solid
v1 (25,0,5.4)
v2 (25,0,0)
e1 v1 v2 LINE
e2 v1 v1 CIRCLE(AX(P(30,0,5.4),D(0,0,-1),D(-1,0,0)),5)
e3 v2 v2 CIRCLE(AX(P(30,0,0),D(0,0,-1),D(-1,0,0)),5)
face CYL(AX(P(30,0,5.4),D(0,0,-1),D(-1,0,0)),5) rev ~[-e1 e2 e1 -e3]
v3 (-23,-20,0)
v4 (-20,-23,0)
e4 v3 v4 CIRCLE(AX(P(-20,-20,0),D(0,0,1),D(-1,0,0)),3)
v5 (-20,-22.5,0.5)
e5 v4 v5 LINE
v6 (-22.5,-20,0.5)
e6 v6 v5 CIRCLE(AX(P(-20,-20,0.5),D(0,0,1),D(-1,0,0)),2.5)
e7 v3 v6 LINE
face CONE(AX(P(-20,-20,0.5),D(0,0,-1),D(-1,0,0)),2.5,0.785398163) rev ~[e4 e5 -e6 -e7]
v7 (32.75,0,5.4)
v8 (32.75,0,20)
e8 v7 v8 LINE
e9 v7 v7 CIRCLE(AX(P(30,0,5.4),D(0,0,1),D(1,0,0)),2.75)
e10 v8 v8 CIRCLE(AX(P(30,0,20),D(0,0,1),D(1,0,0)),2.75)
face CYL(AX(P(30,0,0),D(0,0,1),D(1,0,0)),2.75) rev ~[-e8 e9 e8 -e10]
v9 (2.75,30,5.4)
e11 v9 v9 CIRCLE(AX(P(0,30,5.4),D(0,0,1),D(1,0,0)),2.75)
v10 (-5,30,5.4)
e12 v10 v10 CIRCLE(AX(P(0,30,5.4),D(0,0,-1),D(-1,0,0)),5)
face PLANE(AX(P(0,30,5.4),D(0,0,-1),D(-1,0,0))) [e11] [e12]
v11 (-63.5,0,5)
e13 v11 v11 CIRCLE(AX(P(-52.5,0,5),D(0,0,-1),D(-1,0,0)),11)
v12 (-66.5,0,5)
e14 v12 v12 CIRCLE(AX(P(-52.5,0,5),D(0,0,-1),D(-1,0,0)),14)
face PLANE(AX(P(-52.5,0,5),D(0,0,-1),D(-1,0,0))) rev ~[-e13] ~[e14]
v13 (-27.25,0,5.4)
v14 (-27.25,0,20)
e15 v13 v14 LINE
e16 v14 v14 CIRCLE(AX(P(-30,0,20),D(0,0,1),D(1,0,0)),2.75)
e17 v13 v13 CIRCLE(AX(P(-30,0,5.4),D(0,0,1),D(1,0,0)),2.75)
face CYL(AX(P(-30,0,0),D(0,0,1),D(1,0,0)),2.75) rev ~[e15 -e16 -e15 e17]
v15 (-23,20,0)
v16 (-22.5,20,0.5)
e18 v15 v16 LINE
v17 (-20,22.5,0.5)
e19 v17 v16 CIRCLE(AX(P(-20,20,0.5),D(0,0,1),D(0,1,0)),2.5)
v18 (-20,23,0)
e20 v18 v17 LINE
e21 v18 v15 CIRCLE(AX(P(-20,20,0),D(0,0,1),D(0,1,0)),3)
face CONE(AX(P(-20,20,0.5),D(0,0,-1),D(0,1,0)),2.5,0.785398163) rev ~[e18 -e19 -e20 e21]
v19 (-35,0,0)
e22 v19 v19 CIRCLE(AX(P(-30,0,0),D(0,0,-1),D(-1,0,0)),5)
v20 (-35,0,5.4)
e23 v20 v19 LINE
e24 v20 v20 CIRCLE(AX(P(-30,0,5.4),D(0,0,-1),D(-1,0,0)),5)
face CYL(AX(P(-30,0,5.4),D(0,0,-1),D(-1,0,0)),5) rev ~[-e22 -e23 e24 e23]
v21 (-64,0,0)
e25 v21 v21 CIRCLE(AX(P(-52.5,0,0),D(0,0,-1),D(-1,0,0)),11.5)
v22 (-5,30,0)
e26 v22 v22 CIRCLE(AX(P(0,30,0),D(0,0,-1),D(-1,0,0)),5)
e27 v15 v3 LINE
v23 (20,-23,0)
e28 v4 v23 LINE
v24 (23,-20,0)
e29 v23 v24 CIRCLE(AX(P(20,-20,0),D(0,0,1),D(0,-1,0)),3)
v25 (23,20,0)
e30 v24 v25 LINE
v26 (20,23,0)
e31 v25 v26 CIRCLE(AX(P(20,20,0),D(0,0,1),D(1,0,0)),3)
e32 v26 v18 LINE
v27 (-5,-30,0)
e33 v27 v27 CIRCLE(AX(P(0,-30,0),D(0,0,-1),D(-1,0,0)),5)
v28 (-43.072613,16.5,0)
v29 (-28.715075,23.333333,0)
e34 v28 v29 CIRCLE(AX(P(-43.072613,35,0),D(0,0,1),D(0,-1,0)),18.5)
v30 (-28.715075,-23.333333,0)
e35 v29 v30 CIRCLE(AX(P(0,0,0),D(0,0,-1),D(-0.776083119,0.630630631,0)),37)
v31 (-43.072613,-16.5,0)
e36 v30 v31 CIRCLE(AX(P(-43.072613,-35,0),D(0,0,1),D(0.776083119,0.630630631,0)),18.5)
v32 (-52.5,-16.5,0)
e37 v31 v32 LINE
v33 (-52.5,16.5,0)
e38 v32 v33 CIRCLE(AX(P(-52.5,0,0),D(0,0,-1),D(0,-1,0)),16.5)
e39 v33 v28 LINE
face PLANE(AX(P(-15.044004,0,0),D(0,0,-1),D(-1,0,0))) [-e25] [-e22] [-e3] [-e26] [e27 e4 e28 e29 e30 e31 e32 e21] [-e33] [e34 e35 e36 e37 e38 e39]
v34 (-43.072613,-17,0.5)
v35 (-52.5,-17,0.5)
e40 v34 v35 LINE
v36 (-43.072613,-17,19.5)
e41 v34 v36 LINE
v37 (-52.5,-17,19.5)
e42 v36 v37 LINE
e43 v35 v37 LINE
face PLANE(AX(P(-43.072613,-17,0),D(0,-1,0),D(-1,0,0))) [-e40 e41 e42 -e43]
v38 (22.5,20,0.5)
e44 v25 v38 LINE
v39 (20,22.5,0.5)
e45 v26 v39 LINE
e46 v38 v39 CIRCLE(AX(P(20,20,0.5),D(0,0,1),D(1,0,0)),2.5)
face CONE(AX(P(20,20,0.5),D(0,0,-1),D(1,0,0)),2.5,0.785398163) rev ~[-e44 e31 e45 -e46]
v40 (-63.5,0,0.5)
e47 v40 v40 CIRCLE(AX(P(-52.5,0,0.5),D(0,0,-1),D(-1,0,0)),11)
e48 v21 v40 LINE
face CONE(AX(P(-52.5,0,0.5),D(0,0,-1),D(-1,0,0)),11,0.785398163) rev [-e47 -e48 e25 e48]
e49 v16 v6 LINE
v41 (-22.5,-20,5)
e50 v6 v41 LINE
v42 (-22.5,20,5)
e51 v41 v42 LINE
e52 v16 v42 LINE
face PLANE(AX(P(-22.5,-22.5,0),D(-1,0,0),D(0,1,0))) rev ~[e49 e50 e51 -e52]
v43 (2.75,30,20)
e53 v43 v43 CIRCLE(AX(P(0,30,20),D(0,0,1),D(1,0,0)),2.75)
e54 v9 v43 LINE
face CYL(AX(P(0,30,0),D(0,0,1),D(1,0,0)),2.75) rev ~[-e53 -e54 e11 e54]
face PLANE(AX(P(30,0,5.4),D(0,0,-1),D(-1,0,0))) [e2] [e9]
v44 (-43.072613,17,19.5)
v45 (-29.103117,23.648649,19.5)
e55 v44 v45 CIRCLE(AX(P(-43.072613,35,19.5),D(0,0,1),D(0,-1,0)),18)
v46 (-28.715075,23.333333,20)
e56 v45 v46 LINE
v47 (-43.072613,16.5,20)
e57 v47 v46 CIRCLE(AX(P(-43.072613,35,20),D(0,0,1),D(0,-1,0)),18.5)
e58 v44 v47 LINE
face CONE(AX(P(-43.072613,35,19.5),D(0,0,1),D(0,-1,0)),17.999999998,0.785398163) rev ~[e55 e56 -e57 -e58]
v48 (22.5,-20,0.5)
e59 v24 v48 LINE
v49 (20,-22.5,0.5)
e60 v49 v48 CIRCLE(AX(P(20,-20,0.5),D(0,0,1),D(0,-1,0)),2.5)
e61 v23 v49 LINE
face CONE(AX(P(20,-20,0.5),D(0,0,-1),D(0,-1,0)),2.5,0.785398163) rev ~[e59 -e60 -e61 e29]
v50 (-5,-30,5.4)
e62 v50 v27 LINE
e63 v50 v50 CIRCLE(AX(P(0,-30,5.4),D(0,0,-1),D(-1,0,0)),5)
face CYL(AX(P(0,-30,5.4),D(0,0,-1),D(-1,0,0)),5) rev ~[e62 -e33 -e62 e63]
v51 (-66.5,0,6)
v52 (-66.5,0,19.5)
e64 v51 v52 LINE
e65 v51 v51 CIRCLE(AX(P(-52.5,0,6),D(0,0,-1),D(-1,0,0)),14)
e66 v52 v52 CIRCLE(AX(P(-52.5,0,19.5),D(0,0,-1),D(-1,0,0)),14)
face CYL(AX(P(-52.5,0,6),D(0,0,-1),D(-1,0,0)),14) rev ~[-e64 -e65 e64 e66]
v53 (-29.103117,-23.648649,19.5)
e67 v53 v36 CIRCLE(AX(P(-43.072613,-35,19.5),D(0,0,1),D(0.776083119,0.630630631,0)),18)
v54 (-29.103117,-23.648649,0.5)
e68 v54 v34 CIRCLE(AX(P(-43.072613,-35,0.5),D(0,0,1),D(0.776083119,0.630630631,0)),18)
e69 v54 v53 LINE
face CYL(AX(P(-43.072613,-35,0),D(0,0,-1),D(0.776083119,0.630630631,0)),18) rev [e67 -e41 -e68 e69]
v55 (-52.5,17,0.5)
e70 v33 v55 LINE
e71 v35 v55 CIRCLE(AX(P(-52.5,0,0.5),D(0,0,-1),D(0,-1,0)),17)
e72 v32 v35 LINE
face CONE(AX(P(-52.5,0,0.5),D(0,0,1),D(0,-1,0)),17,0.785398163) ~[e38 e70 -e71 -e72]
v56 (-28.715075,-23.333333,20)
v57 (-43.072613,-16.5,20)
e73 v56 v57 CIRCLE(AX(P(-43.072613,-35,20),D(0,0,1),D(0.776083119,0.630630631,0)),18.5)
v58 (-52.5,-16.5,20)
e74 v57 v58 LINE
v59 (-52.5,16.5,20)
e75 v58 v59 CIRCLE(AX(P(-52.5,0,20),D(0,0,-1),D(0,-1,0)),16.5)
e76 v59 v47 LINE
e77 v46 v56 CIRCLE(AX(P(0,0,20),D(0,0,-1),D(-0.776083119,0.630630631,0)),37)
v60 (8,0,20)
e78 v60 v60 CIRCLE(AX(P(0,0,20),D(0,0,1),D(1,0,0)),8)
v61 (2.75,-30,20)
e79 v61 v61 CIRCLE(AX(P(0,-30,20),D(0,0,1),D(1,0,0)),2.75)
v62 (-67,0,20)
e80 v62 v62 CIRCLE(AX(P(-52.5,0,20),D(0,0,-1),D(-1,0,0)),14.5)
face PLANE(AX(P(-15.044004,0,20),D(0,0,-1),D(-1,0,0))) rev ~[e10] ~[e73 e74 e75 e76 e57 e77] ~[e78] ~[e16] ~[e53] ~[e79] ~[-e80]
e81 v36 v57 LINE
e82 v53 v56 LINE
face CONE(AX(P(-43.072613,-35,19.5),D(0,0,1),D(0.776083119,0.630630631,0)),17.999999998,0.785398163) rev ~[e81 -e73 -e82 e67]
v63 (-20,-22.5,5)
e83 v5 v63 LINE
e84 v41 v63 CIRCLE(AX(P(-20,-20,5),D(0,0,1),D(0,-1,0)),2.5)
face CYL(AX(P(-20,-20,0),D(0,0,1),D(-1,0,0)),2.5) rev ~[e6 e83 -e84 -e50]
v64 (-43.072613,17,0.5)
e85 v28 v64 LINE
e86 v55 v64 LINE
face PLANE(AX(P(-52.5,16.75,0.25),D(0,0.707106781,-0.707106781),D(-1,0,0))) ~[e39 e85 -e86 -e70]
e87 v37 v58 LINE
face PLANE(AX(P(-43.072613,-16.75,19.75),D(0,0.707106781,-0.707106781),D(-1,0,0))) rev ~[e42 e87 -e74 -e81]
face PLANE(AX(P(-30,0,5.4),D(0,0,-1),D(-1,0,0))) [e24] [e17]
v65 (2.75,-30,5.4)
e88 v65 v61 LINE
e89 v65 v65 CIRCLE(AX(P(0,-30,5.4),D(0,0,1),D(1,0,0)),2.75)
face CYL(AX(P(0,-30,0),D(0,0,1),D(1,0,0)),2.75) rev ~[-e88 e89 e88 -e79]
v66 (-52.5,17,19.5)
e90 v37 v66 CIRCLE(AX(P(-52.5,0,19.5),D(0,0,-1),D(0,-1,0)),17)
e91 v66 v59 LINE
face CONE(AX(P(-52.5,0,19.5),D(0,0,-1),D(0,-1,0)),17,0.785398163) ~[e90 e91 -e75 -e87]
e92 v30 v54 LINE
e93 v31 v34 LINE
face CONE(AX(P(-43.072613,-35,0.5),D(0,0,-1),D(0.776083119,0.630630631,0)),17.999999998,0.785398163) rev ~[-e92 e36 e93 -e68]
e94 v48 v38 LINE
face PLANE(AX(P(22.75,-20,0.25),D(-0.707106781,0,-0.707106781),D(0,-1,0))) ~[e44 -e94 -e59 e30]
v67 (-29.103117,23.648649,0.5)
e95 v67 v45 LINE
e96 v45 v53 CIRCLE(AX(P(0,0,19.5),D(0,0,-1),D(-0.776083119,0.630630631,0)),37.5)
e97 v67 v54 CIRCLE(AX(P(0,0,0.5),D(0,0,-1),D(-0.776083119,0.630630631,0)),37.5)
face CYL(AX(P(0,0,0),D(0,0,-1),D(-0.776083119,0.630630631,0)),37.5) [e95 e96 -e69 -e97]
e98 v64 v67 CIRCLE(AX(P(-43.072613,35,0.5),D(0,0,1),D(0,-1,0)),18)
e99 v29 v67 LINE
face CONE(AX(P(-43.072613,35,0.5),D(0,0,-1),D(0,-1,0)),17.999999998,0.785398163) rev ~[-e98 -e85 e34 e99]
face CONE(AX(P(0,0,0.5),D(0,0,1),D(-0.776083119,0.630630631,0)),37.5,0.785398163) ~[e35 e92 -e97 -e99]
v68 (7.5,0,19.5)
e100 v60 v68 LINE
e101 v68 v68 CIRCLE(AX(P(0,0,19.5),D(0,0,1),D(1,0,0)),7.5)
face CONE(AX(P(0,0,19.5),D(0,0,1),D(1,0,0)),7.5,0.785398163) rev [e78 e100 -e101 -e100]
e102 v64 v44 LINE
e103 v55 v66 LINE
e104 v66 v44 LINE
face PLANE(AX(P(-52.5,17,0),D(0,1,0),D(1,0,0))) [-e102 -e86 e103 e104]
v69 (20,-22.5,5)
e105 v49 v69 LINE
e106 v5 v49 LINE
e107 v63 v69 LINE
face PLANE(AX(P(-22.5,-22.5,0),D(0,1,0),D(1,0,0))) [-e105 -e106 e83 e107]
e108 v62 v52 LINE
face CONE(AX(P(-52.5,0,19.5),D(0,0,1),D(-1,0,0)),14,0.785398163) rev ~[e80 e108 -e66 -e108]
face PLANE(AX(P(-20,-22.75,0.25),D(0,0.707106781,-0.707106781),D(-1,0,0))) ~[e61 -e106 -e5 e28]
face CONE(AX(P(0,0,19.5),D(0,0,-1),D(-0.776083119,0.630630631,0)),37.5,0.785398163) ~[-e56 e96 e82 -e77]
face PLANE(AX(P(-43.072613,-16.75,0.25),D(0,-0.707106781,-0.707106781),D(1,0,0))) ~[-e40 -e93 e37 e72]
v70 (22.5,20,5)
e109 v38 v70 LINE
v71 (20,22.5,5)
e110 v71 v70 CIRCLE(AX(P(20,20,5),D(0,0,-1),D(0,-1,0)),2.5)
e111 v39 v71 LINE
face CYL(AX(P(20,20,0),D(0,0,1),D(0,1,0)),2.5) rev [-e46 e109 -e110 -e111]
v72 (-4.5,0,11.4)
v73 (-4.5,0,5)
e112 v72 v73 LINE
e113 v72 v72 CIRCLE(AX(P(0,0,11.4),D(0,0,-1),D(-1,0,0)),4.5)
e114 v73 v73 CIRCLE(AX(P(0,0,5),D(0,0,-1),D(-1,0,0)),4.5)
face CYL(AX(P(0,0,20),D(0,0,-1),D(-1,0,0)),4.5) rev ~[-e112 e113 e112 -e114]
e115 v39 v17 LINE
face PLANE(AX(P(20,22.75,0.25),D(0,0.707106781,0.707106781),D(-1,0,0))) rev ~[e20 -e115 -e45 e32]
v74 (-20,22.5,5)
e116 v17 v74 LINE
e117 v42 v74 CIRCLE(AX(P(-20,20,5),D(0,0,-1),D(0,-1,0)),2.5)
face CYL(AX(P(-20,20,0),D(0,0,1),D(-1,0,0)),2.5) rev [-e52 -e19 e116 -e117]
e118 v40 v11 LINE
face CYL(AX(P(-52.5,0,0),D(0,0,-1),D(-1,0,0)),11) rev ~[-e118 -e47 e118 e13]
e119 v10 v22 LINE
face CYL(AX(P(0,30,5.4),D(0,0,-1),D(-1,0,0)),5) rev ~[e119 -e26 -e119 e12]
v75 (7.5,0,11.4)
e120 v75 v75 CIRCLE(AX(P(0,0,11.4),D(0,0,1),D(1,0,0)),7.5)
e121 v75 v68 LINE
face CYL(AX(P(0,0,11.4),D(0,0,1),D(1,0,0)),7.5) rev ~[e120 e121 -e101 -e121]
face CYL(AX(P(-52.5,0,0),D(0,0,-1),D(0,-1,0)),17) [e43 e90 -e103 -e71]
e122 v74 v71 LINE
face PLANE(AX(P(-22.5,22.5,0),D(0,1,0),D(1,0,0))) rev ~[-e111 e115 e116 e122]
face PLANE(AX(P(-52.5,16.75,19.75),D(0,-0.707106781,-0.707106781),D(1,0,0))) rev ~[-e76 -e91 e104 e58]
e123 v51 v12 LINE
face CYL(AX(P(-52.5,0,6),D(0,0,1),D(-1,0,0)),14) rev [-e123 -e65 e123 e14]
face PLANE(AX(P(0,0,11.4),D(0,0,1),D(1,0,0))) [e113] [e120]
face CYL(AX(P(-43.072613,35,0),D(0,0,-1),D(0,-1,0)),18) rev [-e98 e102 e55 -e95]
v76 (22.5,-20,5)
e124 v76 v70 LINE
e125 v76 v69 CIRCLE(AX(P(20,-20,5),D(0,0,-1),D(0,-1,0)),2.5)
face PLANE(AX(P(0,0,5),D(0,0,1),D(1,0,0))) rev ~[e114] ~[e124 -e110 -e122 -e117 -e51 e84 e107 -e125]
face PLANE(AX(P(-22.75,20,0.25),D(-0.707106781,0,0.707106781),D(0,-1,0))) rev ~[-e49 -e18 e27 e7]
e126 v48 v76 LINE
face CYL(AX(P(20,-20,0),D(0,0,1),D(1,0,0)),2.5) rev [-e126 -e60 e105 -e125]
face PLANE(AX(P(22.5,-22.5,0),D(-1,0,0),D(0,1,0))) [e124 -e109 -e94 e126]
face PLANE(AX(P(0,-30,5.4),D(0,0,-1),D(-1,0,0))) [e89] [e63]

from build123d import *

# Parameters (mm, degrees)
BOSS_EXTRUDE1_DEPTH                                 = 20
SKETCH1_3_W                                         = 45
SKETCH1_3_H                                         = 45
CUT_EXTRUDE2_DEPTH                                  = 5
CBORE_FOR_M8_HEX_SOCKET_HEAD_CAP_SCREW1_D           = 9
CBORE_FOR_M8_HEX_SOCKET_HEAD_CAP_SCREW1_DEPTH       = 23
CBORE_FOR_M8_HEX_SOCKET_HEAD_CAP_SCREW1_CBORE_D     = 15
CBORE_FOR_M8_HEX_SOCKET_HEAD_CAP_SCREW1_CBORE_DEPTH = 8.6
CBORE_FOR_M8_HEX_SOCKET_HEAD_CAP_SCREW1_TIP         = 2.703872786
FILLET2_R                                           = 2.5
SKETCH4_R                                           = 11
CUT_EXTRUDE3_DEPTH                                  = 6
SKETCH5_R                                           = 14
CUT_EXTRUDE4_DEPTH                                  = 1
CUT_EXTRUDE4_DEPTH_BACK                             = 15
CHAMFER1_SIZE                                       = 0.5
CBORE_FOR_M5_HEX_SOCKET_HEAD_CAP_SCREW1_D           = 5.5
CBORE_FOR_M5_HEX_SOCKET_HEAD_CAP_SCREW1_CBORE_D     = 10
CBORE_FOR_M5_HEX_SOCKET_HEAD_CAP_SCREW1_CBORE_DEPTH = 5.4


with BuildPart() as part:
    # Sketch1 → Boss-Extrude1 (new body)
    with BuildSketch(Plane.XY):
        with BuildLine():
            Line((-52.5, 17), (-43.072613109, 17))
            ThreePointArc((-43.072613109, 17), (-35.337121021, 18.746933761), (-29.103116965, 23.648648649))
            ThreePointArc((-29.103116965, 23.648648649), (37.5, 0), (-29.103116965, -23.648648649))
            ThreePointArc((-29.103116965, -23.648648649), (-35.337121021, -18.746933761), (-43.072613109, -17))
            Line((-43.072613109, -17), (-52.5, -17))
            ThreePointArc((-52.5, -17), (-69.5, 0), (-52.5, 17))
        make_face()
    extrude(amount=BOSS_EXTRUDE1_DEPTH)

    # Sketch1<3> → Cut-Extrude2 (cut)
    with BuildSketch(Plane.XY):
        Rectangle(SKETCH1_3_W, SKETCH1_3_H)
    extrude(amount=CUT_EXTRUDE2_DEPTH, mode=Mode.SUBTRACT)

    # CBORE for M8 Hex Socket Head Cap Screw1
    with Locations(Plane.XY.offset(20)):
        with Locations((0, 0)):
            CounterBoreHole(CBORE_FOR_M8_HEX_SOCKET_HEAD_CAP_SCREW1_D / 2, CBORE_FOR_M8_HEX_SOCKET_HEAD_CAP_SCREW1_CBORE_D / 2, CBORE_FOR_M8_HEX_SOCKET_HEAD_CAP_SCREW1_CBORE_DEPTH, depth=CBORE_FOR_M8_HEX_SOCKET_HEAD_CAP_SCREW1_DEPTH)
            with Locations((0, 0, -(CBORE_FOR_M8_HEX_SOCKET_HEAD_CAP_SCREW1_DEPTH + CBORE_FOR_M8_HEX_SOCKET_HEAD_CAP_SCREW1_TIP / 2))):  # 118° drill point
                Cone(0, CBORE_FOR_M8_HEX_SOCKET_HEAD_CAP_SCREW1_D / 2, CBORE_FOR_M8_HEX_SOCKET_HEAD_CAP_SCREW1_TIP, mode=Mode.SUBTRACT)

    # Fillet2
    fillet2_edges = [part.edges().sort_by_distance(p)[0] for p in [
        (-22.5, 22.5, 2.5),
        (22.5, 22.5, 2.5),
        (22.5, -22.5, 2.5),
        (-22.5, -22.5, 2.5),
    ]]
    fillet(fillet2_edges, radius=FILLET2_R)

    # Sketch4 → Cut-Extrude3 (cut)
    with BuildSketch(Plane(origin=(0, 0, 0), x_dir=(-1, 0, 0), z_dir=(0, 0, -1))):
        with Locations((52.5, 0)):
            Circle(SKETCH4_R)
    extrude(amount=-CUT_EXTRUDE3_DEPTH, mode=Mode.SUBTRACT)

    # Sketch5 → Cut-Extrude4 (cut, two sides)
    with BuildSketch(Plane(origin=(0, 0, 6), x_dir=(-1, 0, 0), z_dir=(0, 0, -1))) as cut_extrude4_sk:
        with Locations((52.5, 0)):
            Circle(SKETCH5_R)
    extrude(amount=CUT_EXTRUDE4_DEPTH, mode=Mode.SUBTRACT)
    extrude(cut_extrude4_sk.sketch, amount=-CUT_EXTRUDE4_DEPTH_BACK, mode=Mode.SUBTRACT)

    # Chamfer1
    chamfer1_edges = [part.edges().sort_by_distance(p)[0] for p in [
        (-47.786306554, 17, 20),
        (-69.5, 0, 20),
        (-47.786306554, -17, 20),
        (-35.337121021, -18.746933761, 20),
        (-7.5, 0, 20),
        (37.5, 0, 20),
        (22.5, 0, 0),
        (0, 22.5, 0),
        (0, -22.5, 0),
        (-22.5, 0, 0),
        (21.767766953, 21.767766953, 0),
        (21.767766953, -21.767766953, 0),
        (-21.767766953, -21.767766953, 0),
        (-21.767766953, 21.767766953, 0),
        (-35.337121021, -18.746933761, 0),
        (-41.5, 0, 0),
        (-47.786306554, -17, 0),
        (-38.5, 0, 20),
        (-69.5, 0, 0),
        (-35.337121021, 18.746933761, 20),
        (-47.786306554, 17, 0),
        (-35.337121021, 18.746933761, 0),
        (37.5, 0, 0),
    ]]
    chamfer(chamfer1_edges, length=CHAMFER1_SIZE)

    # CBORE for M5 Hex Socket Head Cap Screw1 (through all)
    with Locations(Plane(origin=(0, 0, 0), x_dir=(-1, 0, 0), z_dir=(0, 0, -1))):
        with Locations((0, 30), (-30, 0), (0, -30), (30, 0)):
            CounterBoreHole(CBORE_FOR_M5_HEX_SOCKET_HEAD_CAP_SCREW1_D / 2, CBORE_FOR_M5_HEX_SOCKET_HEAD_CAP_SCREW1_CBORE_D / 2, CBORE_FOR_M5_HEX_SOCKET_HEAD_CAP_SCREW1_CBORE_DEPTH)


solid = part.part
